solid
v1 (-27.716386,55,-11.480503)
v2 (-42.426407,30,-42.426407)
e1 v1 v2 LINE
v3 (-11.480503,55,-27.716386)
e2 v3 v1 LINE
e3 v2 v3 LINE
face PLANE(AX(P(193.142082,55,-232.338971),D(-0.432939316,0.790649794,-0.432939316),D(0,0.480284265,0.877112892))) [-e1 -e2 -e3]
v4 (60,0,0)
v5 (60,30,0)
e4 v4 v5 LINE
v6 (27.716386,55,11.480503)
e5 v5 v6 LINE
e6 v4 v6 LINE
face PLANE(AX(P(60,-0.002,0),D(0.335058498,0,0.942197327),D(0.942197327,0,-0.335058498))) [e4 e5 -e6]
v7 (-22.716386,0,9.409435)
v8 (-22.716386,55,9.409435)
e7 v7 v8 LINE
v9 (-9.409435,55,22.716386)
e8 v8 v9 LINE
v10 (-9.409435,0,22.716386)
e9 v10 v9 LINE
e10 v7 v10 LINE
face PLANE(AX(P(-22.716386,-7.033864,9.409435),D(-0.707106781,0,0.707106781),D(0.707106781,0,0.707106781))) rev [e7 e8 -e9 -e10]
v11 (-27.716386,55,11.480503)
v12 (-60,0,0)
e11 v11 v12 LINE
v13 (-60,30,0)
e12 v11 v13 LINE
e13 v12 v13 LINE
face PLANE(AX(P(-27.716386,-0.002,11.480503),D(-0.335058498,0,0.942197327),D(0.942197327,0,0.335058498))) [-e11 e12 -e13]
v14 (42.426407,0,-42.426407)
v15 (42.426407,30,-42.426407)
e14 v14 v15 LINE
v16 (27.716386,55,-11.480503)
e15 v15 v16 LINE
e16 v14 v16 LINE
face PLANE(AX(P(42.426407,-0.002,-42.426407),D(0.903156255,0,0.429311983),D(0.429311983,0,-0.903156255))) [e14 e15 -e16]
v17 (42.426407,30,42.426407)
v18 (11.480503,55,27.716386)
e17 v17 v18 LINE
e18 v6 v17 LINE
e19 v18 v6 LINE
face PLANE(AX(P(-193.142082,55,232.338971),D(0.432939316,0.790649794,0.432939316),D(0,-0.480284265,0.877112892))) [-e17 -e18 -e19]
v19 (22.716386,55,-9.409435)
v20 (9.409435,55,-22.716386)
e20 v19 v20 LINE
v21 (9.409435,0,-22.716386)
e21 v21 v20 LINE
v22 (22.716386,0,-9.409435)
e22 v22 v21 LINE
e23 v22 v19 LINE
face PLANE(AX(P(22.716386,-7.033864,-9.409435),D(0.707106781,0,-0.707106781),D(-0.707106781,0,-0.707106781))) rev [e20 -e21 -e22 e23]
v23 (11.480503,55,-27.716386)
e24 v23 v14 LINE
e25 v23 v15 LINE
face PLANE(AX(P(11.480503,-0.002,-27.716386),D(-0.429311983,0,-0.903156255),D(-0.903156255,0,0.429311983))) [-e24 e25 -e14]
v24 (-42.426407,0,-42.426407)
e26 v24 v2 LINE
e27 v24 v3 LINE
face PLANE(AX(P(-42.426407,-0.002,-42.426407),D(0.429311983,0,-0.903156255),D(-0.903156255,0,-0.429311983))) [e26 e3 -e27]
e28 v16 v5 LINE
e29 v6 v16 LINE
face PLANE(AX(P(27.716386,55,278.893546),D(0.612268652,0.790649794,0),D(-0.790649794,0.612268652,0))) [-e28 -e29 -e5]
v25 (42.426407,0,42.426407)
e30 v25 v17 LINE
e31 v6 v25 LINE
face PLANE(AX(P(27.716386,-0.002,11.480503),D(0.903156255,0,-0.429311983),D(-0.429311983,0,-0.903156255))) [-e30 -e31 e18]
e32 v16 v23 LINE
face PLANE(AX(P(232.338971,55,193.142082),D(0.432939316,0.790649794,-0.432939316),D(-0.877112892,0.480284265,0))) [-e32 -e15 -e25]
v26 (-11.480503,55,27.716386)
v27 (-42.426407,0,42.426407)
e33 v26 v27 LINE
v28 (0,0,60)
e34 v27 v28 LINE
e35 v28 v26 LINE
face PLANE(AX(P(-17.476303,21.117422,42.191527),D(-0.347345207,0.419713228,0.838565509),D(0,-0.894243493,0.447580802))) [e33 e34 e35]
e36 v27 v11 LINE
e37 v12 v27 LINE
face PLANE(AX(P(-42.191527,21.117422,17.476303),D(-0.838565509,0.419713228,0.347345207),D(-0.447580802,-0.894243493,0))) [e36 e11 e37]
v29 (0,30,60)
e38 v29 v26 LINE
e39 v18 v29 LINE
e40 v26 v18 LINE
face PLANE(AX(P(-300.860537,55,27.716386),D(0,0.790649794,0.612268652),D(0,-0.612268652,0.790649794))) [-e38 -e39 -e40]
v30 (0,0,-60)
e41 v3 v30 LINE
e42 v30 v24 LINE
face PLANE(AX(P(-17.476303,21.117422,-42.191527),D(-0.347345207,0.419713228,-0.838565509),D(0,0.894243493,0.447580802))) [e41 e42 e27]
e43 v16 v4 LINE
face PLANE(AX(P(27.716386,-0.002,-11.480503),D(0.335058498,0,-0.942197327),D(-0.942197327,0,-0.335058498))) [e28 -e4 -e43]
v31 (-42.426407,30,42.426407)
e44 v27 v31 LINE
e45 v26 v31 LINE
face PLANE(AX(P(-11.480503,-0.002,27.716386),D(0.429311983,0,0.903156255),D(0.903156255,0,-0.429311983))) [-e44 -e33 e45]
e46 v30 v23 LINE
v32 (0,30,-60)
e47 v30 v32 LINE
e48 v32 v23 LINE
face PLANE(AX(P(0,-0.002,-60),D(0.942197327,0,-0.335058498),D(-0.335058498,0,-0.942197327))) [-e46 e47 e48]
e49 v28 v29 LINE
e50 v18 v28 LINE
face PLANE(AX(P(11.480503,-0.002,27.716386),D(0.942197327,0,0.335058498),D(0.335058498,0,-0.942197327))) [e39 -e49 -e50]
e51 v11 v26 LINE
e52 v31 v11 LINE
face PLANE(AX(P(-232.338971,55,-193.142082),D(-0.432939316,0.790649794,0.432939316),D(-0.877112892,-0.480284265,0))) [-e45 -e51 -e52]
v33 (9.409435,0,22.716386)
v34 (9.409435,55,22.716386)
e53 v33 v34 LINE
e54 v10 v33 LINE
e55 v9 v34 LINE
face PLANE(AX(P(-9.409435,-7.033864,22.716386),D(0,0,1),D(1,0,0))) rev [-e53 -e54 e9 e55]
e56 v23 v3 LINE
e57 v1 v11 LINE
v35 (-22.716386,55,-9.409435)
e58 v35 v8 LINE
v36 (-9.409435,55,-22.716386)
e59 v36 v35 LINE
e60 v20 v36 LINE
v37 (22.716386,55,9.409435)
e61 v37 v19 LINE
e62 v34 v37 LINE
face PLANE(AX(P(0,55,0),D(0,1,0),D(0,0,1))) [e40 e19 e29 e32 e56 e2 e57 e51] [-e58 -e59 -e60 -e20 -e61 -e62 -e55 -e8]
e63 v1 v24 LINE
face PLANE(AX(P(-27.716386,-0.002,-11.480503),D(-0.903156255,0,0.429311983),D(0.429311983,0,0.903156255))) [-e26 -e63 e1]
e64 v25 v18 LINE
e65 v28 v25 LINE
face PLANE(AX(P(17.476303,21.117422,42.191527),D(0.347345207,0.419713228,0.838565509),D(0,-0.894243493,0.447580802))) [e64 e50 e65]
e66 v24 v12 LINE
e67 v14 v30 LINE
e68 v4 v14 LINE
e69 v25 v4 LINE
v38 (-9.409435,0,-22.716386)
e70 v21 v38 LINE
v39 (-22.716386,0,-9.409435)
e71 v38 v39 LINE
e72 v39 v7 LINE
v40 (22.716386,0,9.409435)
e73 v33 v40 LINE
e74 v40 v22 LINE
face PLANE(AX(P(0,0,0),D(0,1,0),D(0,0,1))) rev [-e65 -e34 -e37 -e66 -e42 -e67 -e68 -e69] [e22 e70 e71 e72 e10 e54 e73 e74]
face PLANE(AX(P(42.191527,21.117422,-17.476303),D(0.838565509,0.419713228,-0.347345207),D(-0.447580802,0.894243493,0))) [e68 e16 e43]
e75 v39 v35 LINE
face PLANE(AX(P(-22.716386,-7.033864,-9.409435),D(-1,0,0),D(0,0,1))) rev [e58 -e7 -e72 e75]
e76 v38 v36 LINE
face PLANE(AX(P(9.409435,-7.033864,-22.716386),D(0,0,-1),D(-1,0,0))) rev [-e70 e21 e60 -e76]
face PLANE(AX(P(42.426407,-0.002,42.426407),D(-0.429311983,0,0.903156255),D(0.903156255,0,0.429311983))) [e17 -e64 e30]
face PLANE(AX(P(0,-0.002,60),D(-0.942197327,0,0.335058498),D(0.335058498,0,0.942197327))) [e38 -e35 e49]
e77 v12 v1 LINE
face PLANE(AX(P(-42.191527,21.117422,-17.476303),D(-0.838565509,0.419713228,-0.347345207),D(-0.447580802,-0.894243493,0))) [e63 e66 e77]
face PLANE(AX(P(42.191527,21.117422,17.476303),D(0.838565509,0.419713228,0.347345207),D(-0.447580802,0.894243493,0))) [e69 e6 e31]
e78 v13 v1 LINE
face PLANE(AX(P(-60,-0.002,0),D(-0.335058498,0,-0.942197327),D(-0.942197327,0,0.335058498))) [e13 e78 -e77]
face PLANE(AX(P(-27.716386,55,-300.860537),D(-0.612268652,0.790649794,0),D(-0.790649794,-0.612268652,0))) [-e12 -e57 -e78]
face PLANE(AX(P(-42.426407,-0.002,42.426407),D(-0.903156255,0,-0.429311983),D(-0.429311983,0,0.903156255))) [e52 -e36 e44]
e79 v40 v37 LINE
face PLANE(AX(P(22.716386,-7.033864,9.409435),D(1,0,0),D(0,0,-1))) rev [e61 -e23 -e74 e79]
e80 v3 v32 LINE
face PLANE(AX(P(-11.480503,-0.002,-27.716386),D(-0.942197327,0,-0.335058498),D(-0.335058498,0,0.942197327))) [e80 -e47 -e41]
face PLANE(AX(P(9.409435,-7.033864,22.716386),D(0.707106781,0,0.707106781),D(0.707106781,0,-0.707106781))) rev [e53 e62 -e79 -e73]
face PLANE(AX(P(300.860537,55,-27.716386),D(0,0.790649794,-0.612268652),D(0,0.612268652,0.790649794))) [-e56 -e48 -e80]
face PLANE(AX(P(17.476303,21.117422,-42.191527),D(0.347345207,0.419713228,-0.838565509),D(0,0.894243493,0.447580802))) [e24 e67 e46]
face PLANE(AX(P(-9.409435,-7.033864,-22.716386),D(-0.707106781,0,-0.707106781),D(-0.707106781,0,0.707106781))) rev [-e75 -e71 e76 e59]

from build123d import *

# Parameters (mm, degrees)
EXTRUDE_1_REACH          = 103.119
CUT_EXTRUDE_2_DEPTH      = 102.118742254
PATTERN_CIRCULAR_2_COUNT = 8
CUT_EXTRUDE_3_DEPTH      = 102.118742254


with BuildPart() as part:
    # 草图7 → 放样4 section 0
    with BuildSketch(Plane(origin=(0, 55, 0), x_dir=(1, 0, 0), z_dir=(0, 1, 0))):
        with BuildLine():
            Line((0, 32.471766009), (-22.961005942, 22.961005942))
            Line((-22.961005942, 22.961005942), (-32.471766009, 0))
            Line((-32.471766009, 0), (-22.961005942, -22.961005942))
            Line((-22.961005942, -22.961005942), (0, -32.471766009))
            Line((0, -32.471766009), (22.961005942, -22.961005942))
            Line((22.961005942, -22.961005942), (32.471766009, 0))
            Line((32.471766009, 0), (22.961005942, 22.961005942))
            Line((22.961005942, 22.961005942), (0, 32.471766009))
        make_face()
    # 草图1 → 放样4 section 1
    with BuildSketch(Plane(origin=(0, 0, 0), x_dir=(1, 0, 0), z_dir=(0, 1, 0))):
        with BuildLine():
            Line((0, 60), (-42.426406871, 42.426406871))
            Line((-42.426406871, 42.426406871), (-60, 0))
            Line((-60, 0), (-42.426406871, -42.426406871))
            Line((-42.426406871, -42.426406871), (0, -60))
            Line((0, -60), (42.426406871, -42.426406871))
            Line((42.426406871, -42.426406871), (60, 0))
            Line((60, 0), (42.426406871, 42.426406871))
            Line((42.426406871, 42.426406871), (0, 60))
        make_face()
    loft()

    # 草图9 → 凸台-拉伸1 (add, up to next)
    with BuildSketch(Plane(origin=(0, 55, 0), x_dir=(1, 0, 0), z_dir=(0, 1, 0)), mode=Mode.PRIVATE) as extrude_1_sk1:
        Polygon((27.716385975, 11.480502971), (60, 0), (27.716385975, -11.480502971), align=None)
    extrude_1_tool1 = extrude(extrude_1_sk1.sketch, amount=-EXTRUDE_1_REACH, mode=Mode.PRIVATE) - part.part
    extrude_1 = extrude_1_tool1.solids().sort_by_distance((38.477591, 55, 0))[0]
    add(extrude_1)

    # 草图10 → 切除-拉伸2 (cut, symmetric)
    with BuildSketch(Plane.XY):
        Polygon((-175.786069036, 212.589586203), (27.716385975, 55), (60, 30), (263.502455012, -127.589586203), (578.681627419, 279.41532382), (139.39310337, 619.594496227), align=None)
    cut_extrude_2 = extrude(amount=CUT_EXTRUDE_2_DEPTH, both=True, mode=Mode.SUBTRACT)

    # 阵列(圆周)2: 凸台-拉伸1, 切除-拉伸2 ×8 about axis
    pattern_circular_2_axis = Axis((0, 58.101798211, 0), (0, -1, 0))
    add([extrude_1.rotate(pattern_circular_2_axis, i * 360 / PATTERN_CIRCULAR_2_COUNT) for i in range(1, PATTERN_CIRCULAR_2_COUNT)])
    add([cut_extrude_2.rotate(pattern_circular_2_axis, i * 360 / PATTERN_CIRCULAR_2_COUNT) for i in range(1, PATTERN_CIRCULAR_2_COUNT)], mode=Mode.SUBTRACT)

    # 草图12 → 切除-拉伸3 (cut, through all)
    with BuildSketch(Plane(origin=(0, 55, 0), x_dir=(1, 0, 0), z_dir=(0, 1, 0))):
        Polygon((22.716385975, -9.409435159), (22.716385975, 9.409435159), (9.409435159, 22.716385975), (-9.409435159, 22.716385975), (-22.716385975, 9.409435159), (-22.716385975, -9.409435159), (-9.409435159, -22.716385975), (9.409435159, -22.716385975), align=None)
    extrude(amount=-CUT_EXTRUDE_3_DEPTH, mode=Mode.SUBTRACT)


solid = part.part
